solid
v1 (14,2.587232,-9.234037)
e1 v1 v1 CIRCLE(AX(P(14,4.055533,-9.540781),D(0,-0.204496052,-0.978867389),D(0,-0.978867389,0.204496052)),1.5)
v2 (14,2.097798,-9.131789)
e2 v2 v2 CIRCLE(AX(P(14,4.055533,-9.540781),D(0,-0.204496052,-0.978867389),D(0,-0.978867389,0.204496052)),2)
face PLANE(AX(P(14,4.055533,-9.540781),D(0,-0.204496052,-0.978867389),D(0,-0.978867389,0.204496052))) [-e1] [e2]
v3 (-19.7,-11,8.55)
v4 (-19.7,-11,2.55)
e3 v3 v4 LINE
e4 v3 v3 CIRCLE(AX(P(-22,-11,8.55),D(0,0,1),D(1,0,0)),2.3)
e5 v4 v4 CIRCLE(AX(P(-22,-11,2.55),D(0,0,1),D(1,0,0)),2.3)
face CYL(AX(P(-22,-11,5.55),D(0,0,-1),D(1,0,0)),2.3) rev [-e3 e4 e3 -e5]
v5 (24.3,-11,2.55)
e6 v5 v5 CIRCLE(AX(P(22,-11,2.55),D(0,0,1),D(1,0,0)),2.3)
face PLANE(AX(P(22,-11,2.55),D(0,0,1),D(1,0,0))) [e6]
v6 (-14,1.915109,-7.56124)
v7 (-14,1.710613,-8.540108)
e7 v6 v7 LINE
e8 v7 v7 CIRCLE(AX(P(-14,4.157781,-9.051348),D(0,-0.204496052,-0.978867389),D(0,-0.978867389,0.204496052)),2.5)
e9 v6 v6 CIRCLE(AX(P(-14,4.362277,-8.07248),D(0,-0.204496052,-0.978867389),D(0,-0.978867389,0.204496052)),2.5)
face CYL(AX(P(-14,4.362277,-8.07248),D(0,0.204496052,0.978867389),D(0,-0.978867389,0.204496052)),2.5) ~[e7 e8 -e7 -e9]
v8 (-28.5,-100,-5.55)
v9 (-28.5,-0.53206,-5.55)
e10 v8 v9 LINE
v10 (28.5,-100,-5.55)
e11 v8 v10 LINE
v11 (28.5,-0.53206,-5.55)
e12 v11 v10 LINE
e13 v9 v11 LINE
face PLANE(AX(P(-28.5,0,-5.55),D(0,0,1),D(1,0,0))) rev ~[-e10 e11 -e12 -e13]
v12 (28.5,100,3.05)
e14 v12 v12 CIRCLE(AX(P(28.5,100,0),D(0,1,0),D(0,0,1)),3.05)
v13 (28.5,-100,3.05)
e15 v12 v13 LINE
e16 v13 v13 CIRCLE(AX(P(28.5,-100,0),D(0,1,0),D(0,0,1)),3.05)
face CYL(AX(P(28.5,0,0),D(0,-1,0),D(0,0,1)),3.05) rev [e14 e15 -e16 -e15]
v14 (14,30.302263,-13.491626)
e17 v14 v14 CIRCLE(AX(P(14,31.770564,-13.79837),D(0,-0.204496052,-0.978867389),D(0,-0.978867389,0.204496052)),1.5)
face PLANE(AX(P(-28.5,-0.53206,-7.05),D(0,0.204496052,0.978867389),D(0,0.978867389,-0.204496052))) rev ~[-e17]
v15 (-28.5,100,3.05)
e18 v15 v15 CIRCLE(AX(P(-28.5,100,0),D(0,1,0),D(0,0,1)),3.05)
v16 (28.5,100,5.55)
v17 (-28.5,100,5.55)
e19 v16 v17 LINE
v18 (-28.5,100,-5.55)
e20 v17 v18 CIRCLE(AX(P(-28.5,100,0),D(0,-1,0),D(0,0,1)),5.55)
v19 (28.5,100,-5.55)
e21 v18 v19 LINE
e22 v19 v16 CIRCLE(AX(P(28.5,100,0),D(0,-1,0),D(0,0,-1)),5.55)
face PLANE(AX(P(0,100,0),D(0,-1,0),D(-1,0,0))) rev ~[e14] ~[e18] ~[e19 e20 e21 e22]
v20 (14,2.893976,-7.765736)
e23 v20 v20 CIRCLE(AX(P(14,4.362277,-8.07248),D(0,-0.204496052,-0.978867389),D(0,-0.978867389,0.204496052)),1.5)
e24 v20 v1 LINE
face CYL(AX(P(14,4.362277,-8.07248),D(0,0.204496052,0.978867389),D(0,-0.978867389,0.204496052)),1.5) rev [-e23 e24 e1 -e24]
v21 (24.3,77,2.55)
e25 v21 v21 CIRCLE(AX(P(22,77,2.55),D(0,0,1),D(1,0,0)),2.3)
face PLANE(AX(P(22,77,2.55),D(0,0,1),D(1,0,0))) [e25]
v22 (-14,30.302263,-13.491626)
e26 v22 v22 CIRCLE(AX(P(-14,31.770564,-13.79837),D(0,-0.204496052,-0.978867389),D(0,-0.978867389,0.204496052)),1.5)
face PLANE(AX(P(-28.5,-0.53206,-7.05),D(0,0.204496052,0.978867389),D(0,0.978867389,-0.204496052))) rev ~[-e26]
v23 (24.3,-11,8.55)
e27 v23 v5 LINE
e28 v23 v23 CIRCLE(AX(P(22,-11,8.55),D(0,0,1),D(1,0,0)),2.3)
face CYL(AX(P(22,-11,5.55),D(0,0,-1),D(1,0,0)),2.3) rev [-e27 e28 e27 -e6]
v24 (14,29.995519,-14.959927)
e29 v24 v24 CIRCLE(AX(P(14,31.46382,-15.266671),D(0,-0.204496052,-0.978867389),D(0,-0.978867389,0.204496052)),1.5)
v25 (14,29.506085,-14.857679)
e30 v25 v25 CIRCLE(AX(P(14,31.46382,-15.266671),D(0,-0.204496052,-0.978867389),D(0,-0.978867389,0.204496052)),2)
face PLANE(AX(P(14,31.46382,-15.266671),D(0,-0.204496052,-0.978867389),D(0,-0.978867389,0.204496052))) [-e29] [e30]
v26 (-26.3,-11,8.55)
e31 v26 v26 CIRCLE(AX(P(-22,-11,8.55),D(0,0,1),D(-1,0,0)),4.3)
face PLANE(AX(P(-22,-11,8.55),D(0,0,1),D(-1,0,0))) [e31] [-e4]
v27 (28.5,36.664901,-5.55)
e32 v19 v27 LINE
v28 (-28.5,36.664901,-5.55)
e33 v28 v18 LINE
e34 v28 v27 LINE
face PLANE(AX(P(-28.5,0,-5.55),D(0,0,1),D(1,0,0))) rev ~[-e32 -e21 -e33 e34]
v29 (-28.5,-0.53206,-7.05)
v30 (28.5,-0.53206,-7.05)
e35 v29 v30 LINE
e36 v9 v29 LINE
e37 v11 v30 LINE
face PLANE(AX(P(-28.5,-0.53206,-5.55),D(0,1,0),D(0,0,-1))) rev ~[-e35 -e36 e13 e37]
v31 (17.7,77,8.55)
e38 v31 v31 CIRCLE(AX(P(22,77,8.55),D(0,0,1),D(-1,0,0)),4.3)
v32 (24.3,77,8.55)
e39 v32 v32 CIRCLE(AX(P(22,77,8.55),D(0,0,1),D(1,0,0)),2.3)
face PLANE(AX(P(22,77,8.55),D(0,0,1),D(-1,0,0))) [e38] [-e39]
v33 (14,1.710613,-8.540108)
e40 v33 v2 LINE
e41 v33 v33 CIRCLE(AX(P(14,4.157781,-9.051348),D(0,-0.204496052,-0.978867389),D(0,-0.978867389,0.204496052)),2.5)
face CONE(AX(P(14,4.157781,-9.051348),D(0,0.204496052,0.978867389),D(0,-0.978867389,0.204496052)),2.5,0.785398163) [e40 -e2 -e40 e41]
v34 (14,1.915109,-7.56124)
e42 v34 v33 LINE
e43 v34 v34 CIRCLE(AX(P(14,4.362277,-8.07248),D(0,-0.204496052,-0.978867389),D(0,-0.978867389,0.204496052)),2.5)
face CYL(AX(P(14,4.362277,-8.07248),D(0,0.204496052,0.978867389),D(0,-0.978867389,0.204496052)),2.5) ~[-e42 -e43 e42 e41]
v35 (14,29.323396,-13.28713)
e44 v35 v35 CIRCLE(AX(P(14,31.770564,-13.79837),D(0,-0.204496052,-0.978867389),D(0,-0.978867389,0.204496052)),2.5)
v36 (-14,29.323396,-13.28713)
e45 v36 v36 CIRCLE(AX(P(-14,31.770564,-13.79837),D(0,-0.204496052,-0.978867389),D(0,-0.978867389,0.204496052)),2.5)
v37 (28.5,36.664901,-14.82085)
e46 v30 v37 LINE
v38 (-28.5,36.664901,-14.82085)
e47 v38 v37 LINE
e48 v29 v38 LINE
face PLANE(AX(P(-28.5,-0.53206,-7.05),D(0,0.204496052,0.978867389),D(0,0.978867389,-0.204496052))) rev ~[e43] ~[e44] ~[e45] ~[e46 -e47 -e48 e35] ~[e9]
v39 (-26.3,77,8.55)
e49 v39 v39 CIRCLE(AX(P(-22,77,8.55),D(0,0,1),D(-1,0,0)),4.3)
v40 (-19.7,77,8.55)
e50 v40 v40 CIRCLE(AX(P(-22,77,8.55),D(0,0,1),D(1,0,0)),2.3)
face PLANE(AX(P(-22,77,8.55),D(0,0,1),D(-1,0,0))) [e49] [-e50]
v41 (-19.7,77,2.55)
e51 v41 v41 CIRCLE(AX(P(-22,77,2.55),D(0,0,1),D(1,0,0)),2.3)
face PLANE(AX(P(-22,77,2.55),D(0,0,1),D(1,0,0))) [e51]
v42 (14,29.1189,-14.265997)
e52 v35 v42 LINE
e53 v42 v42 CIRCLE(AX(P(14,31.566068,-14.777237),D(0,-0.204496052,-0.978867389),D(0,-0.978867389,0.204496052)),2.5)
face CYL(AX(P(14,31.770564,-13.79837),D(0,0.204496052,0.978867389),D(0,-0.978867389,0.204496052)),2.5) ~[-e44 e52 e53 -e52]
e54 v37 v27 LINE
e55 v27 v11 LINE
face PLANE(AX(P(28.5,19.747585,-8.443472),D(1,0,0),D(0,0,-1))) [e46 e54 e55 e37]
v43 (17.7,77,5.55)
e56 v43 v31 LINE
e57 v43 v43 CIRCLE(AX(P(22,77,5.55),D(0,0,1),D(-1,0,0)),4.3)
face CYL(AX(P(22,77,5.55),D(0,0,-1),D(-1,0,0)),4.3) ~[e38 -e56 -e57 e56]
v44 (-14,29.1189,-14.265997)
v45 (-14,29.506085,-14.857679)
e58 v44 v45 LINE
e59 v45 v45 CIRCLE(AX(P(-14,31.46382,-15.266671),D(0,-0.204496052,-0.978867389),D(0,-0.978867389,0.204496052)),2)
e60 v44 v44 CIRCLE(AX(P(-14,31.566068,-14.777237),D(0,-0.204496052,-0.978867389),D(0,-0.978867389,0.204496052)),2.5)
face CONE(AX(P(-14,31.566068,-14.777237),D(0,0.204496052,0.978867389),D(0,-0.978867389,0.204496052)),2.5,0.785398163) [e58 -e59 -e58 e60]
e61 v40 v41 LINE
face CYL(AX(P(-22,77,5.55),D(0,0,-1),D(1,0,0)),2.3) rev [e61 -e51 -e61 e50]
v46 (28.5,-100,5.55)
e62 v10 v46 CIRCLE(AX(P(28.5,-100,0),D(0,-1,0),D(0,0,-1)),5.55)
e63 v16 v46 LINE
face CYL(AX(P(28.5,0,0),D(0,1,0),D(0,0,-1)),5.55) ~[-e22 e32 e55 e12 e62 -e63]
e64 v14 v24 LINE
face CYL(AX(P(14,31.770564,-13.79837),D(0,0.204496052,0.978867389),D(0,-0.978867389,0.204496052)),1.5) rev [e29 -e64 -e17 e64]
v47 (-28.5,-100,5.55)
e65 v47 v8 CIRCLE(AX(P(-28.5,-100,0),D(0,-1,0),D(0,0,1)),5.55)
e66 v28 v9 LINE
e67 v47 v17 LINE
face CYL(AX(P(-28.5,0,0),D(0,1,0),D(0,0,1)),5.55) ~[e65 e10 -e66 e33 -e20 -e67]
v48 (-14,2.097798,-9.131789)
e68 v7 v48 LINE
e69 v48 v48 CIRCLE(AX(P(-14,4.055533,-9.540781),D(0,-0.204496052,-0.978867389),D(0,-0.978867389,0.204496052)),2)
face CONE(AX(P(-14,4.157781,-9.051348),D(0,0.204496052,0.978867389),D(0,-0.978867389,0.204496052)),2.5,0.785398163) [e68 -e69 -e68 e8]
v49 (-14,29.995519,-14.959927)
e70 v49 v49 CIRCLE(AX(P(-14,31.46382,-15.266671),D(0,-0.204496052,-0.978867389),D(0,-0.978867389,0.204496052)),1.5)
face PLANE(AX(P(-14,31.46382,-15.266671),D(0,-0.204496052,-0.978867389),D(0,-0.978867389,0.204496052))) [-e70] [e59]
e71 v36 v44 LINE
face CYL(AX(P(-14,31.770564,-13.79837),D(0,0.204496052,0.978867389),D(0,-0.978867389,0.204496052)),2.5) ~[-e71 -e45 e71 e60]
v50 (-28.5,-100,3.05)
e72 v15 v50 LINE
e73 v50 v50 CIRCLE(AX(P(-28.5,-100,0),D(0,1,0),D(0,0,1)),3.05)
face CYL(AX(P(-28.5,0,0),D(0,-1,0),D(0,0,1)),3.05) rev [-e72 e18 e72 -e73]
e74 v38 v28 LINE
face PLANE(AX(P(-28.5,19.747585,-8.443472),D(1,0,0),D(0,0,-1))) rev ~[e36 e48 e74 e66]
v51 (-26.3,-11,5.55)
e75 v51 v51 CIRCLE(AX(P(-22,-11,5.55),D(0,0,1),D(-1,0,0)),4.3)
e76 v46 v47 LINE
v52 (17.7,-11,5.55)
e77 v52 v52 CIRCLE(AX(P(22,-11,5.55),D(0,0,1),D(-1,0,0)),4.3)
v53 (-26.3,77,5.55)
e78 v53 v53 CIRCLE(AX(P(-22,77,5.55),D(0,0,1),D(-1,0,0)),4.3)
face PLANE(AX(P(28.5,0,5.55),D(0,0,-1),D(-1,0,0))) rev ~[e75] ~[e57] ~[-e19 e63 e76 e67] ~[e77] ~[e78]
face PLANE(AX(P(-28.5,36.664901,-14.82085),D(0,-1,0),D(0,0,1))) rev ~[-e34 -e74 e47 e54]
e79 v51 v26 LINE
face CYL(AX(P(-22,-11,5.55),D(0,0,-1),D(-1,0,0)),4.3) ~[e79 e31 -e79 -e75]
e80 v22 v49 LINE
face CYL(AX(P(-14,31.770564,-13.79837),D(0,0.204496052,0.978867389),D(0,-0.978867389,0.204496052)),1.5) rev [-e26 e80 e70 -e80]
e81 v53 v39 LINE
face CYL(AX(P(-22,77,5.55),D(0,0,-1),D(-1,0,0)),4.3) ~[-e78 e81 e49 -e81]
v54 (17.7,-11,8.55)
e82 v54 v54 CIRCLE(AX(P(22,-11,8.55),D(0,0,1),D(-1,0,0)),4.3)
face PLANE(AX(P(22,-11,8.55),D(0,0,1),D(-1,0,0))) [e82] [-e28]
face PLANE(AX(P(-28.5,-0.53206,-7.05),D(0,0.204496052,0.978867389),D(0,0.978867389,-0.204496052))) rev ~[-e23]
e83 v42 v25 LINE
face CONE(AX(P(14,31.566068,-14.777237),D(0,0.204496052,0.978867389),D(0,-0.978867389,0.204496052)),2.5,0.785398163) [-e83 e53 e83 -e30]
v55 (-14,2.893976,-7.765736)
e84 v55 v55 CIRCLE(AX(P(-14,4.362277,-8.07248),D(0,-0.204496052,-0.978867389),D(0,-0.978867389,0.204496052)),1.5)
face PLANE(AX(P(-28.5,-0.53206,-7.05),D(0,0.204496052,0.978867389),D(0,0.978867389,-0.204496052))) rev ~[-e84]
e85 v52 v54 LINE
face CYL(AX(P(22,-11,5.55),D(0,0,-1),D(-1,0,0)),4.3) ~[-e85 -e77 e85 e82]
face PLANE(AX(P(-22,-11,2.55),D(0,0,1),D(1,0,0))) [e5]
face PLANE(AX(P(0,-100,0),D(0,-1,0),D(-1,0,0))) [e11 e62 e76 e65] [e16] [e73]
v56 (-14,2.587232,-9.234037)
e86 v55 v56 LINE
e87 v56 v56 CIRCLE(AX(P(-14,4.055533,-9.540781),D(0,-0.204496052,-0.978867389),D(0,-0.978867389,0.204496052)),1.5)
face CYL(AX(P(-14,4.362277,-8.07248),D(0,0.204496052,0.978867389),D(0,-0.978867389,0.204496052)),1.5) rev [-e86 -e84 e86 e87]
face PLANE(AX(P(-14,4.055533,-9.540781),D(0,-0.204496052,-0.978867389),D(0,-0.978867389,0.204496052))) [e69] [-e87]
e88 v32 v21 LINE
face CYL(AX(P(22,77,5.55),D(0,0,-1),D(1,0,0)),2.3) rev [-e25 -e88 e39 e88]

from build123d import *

# Parameters (mm, degrees)
SKETCH1_R                = 3.05
BOSS_EXTRUDE1_DEPTH      = 100
BOSS_EXTRUDE2_DEPTH      = 28.5
BOSS_EXTRUDE2_DEPTH_BACK = 28.5
SKETCH3_R                = 2.5
SKETCH3_R_2              = 1.5
BOSS_EXTRUDE3_DEPTH      = 1.5
CHAMFER1_SIZE            = 0.5
SKETCH4_R                = 4.3
SKETCH4_R_2              = 2.3
BOSS_EXTRUDE4_DEPTH      = 3
CUT_EXTRUDE1_START       = -3
SKETCH4_2_R              = 2.3
CUT_EXTRUDE1_DEPTH       = 3


with BuildPart() as part:
    # Sketch1 → Boss-Extrude1 (new, symmetric)
    with BuildSketch(Plane(origin=(0, 0, 0), x_dir=(1, 0, 0), z_dir=(0, 1, 0))):
        with BuildLine():
            Line((-28.5, 5.55), (28.5, 5.55))
            ThreePointArc((28.5, 5.55), (34.05, 0), (28.5, -5.55))
            Line((28.5, -5.55), (-28.5, -5.55))
            ThreePointArc((-28.5, -5.55), (-34.05, 0), (-28.5, 5.55))
        make_face()
        with Locations(Location((-28.5, 0, 0), (0, 0, 270))):
            Circle(SKETCH1_R, mode=Mode.SUBTRACT)
        with Locations(Location((28.5, 0, 0), (0, 0, 270))):
            Circle(SKETCH1_R, mode=Mode.SUBTRACT)
    extrude(amount=BOSS_EXTRUDE1_DEPTH, both=True)

    # Sketch2 → Boss-Extrude2 (add, two sides: drawn at the far end of the back side and taken through both)
    with BuildSketch(Plane(origin=(0, 0, 0), x_dir=(0, 0, -1), z_dir=(1, 0, 0)).offset(-BOSS_EXTRUDE2_DEPTH_BACK)):
        Polygon((5.55, 36.664900987), (5.55, -0.532059786), (7.05, -0.532059786), (14.82084997, 36.664900987), align=None)
    extrude(amount=BOSS_EXTRUDE2_DEPTH + BOSS_EXTRUDE2_DEPTH_BACK)

    # Sketch3 → Boss-Extrude3 (add)
    # profile 1 of 4: a face of its own
    with BuildSketch(Plane(origin=(0, -1.433480354, -6.861683432), x_dir=(-1, 0, 0), z_dir=(0, -0.20449605184178382, -0.9788673887616864))):
        with Locations(Location((-14, 33.920881193, 0), (0, 0, 270))):
            Circle(SKETCH3_R)
        with Locations(Location((-14, 33.920881193, 0), (0, 0, 270))):
            Circle(SKETCH3_R_2, mode=Mode.SUBTRACT)
    # profile 2 of 4: a face of its own
    with BuildSketch(Plane(origin=(0, -1.433480354, -6.861683432), x_dir=(-1, 0, 0), z_dir=(0, -0.20449605184178382, -0.9788673887616864))):
        with Locations(Location((14, 33.920881193, 0), (0, 0, 270))):
            Circle(SKETCH3_R)
        with Locations(Location((14, 33.920881193, 0), (0, 0, 270))):
            Circle(SKETCH3_R_2, mode=Mode.SUBTRACT)
    # profile 3 of 4: a face of its own
    with BuildSketch(Plane(origin=(0, -1.433480354, -6.861683432), x_dir=(-1, 0, 0), z_dir=(0, -0.20449605184178382, -0.9788673887616864))):
        with Locations(Location((14, 5.920881193, 0), (0, 0, 270))):
            Circle(SKETCH3_R)
        with Locations(Location((14, 5.920881193, 0), (0, 0, 270))):
            Circle(SKETCH3_R_2, mode=Mode.SUBTRACT)
    # profile 4 of 4: a face of its own
    with BuildSketch(Plane(origin=(0, -1.433480354, -6.861683432), x_dir=(-1, 0, 0), z_dir=(0, -0.20449605184178382, -0.9788673887616864))):
        with Locations(Location((-14, 5.920881193, 0), (0, 0, 270))):
            Circle(SKETCH3_R)
        with Locations(Location((-14, 5.920881193, 0), (0, 0, 270))):
            Circle(SKETCH3_R_2, mode=Mode.SUBTRACT)
    extrude(amount=BOSS_EXTRUDE3_DEPTH)

    # Chamfer1
    chamfer1_edges = [part.edges().sort_by_distance(p)[0] for p in [
        (14, 33.910988438, -15.777910924),
        (-14, 33.910988438, -15.777910924),
        (-14, 6.502701552, -10.052021472),
        (14, 6.502701552, -10.052021472),
    ]]
    chamfer(chamfer1_edges, length=CHAMFER1_SIZE)

    # Sketch4 → Boss-Extrude4 (add)
    # profile 1 of 4: a face of its own
    with BuildSketch(Plane.XY.offset(5.55)):
        with Locations(Location((-22, 77, 0), (0, 0, 180))):
            Circle(SKETCH4_R)
        with Locations((-22, 77)):
            Circle(SKETCH4_R_2, mode=Mode.SUBTRACT)
    # profile 2 of 4: a face of its own
    with BuildSketch(Plane.XY.offset(5.55)):
        with Locations(Location((22, 77, 0), (0, 0, 180))):
            Circle(SKETCH4_R)
        with Locations((22, 77)):
            Circle(SKETCH4_R_2, mode=Mode.SUBTRACT)
    # profile 3 of 4: a face of its own
    with BuildSketch(Plane.XY.offset(5.55)):
        with Locations(Location((-22, -11, 0), (0, 0, 180))):
            Circle(SKETCH4_R)
        with Locations((-22, -11)):
            Circle(SKETCH4_R_2, mode=Mode.SUBTRACT)
    # profile 4 of 4: a face of its own
    with BuildSketch(Plane.XY.offset(5.55)):
        with Locations(Location((22, -11, 0), (0, 0, 180))):
            Circle(SKETCH4_R)
        with Locations((22, -11)):
            Circle(SKETCH4_R_2, mode=Mode.SUBTRACT)
    extrude(amount=BOSS_EXTRUDE4_DEPTH)

    # Sketch4<2> → Cut-Extrude1 (cut)
    with BuildSketch(Plane.XY.offset(5.55).offset(CUT_EXTRUDE1_START)):
        with Locations((22, 77)):
            Circle(SKETCH4_2_R)
        with Locations((-22, 77)):
            Circle(SKETCH4_2_R)
        with Locations((22, -11)):
            Circle(SKETCH4_2_R)
        with Locations((-22, -11)):
            Circle(SKETCH4_2_R)
    extrude(amount=CUT_EXTRUDE1_DEPTH, mode=Mode.SUBTRACT)


solid = part.part
